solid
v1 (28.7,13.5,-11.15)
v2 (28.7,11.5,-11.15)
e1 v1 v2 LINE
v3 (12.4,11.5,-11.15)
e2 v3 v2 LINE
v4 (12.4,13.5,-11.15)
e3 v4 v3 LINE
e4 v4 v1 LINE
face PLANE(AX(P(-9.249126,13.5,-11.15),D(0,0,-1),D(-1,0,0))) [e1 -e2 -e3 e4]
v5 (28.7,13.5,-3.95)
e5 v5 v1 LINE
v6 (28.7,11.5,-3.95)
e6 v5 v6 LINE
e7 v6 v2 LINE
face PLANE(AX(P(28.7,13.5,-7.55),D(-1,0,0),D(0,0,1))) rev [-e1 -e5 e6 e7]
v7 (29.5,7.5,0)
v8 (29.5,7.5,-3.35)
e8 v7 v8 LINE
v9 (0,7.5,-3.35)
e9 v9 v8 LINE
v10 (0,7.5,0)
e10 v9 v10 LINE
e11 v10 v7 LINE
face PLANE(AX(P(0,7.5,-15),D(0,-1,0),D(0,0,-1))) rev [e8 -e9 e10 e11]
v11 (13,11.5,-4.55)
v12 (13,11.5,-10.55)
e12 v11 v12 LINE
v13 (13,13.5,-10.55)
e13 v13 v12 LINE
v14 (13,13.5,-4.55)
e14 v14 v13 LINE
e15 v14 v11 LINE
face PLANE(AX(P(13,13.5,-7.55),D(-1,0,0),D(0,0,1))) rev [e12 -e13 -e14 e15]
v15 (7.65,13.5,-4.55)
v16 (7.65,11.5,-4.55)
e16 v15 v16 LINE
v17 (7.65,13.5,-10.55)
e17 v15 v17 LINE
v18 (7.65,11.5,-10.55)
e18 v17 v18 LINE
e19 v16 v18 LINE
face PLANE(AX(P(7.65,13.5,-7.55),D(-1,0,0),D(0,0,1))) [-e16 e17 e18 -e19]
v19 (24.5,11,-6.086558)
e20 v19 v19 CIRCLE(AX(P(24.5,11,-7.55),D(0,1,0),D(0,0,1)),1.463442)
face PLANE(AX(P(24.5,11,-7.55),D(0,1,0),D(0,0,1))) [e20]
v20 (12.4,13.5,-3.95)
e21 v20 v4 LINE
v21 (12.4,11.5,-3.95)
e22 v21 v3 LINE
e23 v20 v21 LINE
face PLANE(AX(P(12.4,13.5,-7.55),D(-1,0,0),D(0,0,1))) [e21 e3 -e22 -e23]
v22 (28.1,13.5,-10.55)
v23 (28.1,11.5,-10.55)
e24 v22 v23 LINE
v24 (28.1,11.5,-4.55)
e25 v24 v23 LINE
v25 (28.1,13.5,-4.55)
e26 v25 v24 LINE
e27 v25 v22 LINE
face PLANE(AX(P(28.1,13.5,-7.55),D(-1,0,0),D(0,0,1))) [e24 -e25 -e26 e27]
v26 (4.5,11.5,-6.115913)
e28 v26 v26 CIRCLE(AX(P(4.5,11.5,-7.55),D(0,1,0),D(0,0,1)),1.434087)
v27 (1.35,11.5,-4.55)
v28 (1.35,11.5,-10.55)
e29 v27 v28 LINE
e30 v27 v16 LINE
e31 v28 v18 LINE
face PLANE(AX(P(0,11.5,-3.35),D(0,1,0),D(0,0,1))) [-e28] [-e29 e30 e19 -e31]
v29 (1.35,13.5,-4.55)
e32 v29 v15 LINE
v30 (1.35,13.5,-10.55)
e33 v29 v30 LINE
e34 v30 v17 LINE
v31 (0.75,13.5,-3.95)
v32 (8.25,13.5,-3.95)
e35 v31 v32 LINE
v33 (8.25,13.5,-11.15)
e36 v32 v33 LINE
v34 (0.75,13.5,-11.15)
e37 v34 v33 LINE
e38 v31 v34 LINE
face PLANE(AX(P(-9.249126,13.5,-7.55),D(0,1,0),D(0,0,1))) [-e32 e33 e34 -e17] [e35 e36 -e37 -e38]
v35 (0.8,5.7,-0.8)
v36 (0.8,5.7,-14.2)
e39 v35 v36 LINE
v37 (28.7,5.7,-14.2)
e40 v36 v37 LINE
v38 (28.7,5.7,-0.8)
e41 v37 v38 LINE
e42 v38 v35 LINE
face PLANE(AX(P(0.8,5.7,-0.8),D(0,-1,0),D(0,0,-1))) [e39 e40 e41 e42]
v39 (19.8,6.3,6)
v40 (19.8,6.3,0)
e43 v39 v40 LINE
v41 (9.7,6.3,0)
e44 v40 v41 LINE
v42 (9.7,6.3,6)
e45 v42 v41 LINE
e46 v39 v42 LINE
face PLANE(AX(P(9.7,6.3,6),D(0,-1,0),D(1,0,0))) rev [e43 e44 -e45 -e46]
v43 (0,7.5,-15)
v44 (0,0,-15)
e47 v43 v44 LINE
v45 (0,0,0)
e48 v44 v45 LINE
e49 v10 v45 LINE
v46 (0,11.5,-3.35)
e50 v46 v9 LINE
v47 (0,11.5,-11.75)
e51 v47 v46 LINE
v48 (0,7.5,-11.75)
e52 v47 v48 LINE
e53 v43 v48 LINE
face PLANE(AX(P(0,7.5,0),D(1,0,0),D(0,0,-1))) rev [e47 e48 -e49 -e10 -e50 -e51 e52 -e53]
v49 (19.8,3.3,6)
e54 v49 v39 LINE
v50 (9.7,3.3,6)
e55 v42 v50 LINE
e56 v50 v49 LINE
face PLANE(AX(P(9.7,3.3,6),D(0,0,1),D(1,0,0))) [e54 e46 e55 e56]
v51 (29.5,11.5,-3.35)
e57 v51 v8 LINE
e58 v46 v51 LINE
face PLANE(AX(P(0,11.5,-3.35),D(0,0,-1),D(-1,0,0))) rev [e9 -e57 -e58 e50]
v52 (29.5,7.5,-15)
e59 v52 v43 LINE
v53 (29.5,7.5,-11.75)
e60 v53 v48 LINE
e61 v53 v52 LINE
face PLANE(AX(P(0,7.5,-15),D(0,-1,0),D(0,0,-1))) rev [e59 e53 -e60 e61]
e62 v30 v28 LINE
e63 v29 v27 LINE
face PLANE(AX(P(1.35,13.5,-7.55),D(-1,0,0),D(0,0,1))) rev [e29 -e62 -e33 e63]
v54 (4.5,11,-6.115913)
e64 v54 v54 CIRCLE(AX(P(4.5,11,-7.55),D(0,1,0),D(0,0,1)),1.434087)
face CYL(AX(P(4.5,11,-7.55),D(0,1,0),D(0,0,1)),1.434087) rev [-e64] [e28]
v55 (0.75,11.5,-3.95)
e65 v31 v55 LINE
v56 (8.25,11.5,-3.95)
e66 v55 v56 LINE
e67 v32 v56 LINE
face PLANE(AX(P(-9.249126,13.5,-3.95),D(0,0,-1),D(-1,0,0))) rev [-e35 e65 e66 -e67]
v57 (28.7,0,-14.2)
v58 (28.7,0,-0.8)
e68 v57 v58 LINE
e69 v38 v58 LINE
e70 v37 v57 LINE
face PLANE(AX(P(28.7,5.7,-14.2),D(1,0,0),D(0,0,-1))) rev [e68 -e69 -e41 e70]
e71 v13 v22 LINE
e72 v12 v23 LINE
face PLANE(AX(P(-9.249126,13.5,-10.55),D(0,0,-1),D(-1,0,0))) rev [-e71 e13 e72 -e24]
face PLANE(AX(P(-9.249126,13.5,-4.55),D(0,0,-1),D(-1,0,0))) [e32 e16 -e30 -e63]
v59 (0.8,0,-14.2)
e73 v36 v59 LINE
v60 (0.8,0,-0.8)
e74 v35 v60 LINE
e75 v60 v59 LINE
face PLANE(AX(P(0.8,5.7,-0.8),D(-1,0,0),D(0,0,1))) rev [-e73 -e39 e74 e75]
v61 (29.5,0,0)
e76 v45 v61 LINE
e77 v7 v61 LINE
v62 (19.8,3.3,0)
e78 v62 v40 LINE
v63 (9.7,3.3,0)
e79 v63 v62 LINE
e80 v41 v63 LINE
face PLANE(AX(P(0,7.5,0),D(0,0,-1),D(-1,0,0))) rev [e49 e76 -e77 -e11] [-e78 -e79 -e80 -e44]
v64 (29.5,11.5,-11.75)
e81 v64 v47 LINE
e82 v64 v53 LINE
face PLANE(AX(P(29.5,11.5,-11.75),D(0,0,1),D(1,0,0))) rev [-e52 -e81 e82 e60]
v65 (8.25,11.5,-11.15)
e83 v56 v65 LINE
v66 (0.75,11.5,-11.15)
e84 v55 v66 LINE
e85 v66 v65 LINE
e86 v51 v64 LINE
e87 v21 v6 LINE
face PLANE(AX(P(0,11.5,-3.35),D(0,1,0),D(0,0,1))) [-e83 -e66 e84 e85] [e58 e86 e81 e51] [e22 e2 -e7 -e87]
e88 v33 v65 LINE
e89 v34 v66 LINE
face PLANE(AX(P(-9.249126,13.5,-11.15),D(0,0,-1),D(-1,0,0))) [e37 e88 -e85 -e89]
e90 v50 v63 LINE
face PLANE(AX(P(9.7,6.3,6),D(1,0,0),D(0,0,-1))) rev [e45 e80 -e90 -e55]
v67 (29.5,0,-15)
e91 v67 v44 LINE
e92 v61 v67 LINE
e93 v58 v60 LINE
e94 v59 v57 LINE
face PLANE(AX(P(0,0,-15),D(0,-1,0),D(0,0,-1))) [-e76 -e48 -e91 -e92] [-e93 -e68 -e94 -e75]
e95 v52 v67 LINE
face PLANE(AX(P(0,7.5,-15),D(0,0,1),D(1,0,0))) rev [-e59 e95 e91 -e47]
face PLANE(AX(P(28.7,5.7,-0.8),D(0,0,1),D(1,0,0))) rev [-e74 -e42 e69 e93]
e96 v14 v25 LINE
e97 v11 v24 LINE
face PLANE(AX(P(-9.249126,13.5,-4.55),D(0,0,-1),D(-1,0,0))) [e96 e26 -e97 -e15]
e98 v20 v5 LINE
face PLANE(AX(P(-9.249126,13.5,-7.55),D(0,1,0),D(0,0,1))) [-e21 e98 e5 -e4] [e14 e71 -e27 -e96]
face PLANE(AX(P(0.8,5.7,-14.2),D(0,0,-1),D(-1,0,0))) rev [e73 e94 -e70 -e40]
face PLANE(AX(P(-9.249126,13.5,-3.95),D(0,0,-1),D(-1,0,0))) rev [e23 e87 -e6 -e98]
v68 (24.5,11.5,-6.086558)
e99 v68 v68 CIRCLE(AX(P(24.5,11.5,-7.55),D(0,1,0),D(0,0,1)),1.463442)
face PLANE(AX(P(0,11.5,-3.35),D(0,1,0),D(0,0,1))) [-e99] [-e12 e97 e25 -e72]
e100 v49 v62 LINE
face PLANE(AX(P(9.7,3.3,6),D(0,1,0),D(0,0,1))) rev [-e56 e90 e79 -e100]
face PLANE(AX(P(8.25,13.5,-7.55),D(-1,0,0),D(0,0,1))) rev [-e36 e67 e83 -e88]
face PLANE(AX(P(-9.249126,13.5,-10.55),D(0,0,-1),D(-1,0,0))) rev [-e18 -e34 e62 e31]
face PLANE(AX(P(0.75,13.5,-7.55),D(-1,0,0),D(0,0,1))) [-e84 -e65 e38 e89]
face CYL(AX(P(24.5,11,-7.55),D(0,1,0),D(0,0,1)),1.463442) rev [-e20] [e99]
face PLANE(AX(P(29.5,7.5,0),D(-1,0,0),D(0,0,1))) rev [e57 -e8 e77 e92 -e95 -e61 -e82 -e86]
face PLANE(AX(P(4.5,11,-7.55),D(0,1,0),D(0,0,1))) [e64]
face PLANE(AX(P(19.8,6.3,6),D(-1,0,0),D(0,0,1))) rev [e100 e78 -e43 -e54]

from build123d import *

# Parameters (mm, degrees)
SKIZZE2_W                       = 29.5
SKIZZE2_H                       = 15
AUFSATZ_LINEAR_AUSTRAGEN1_DEPTH = 7.5
SKIZZE4_W                       = 27.9
SKIZZE4_H                       = 13.4
SCHNITT_LINEAR_AUSTRAGEN1_DEPTH = 5.7
SKIZZE5_W                       = 29.5
SKIZZE5_H                       = 8.4
AUFSATZ_LINEAR_AUSTRAGEN2_DEPTH = 4
SKIZZE7_W                       = 7.5
SKIZZE7_H                       = 7.2
SKIZZE7_W_2                     = 6.3
SKIZZE7_H_2                     = 6
SKIZZE7_W_3                     = 16.3
SKIZZE7_W_4                     = 15.1
AUFSATZ_LINEAR_AUSTRAGEN3_DEPTH = 2
SKIZZE8_R                       = 1.434086585
SKIZZE8_R_2                     = 1.463442441
SCHNITT_LINEAR_AUSTRAGEN2_DEPTH = 0.5
SKIZZE9_W                       = 10.1
SKIZZE9_H                       = 3
AUFSATZ_LINEAR_AUSTRAGEN4_DEPTH = 6


with BuildPart() as part:
    # Skizze2 → Aufsatz-Linear austragen1 (new body)
    with BuildSketch(Plane(origin=(0, 0, 0), x_dir=(1, 0, 0), z_dir=(0, 1, 0))):
        with Locations((14.75, 7.5)):
            Rectangle(SKIZZE2_W, SKIZZE2_H)
    extrude(amount=AUFSATZ_LINEAR_AUSTRAGEN1_DEPTH)

    # Skizze4 → Schnitt-Linear austragen1 (cut)
    with BuildSketch(Plane.XZ):
        with Locations((14.75, -7.5)):
            Rectangle(SKIZZE4_W, SKIZZE4_H)
    extrude(amount=-SCHNITT_LINEAR_AUSTRAGEN1_DEPTH, mode=Mode.SUBTRACT)

    # Skizze5 → Aufsatz-Linear austragen2 (add)
    with BuildSketch(Plane(origin=(0, 7.5, 0), x_dir=(1, 0, 0), z_dir=(0, 1, 0))):
        with Locations((14.75, 7.55)):
            Rectangle(SKIZZE5_W, SKIZZE5_H)
    extrude(amount=AUFSATZ_LINEAR_AUSTRAGEN2_DEPTH)

    # Skizze7 → Aufsatz-Linear austragen3 (add)
    with BuildSketch(Plane(origin=(0, 11.5, 0), x_dir=(1, 0, 0), z_dir=(0, 1, 0))):
        with Locations((4.5, 7.55)):
            Rectangle(SKIZZE7_W, SKIZZE7_H)
        with Locations((4.5, 7.55)):
            Rectangle(SKIZZE7_W_2, SKIZZE7_H_2, mode=Mode.SUBTRACT)
        with Locations((20.55, 7.55)):
            Rectangle(SKIZZE7_W_3, SKIZZE7_H)
        with Locations((20.55, 7.55)):
            Rectangle(SKIZZE7_W_4, SKIZZE7_H_2, mode=Mode.SUBTRACT)
    extrude(amount=AUFSATZ_LINEAR_AUSTRAGEN3_DEPTH)

    # Skizze8 → Schnitt-Linear austragen2 (cut)
    with BuildSketch(Plane(origin=(0, 11.5, 0), x_dir=(-1, 0, 0), z_dir=(0, 1, 0))):
        with Locations((-4.5, -7.55)):
            Circle(SKIZZE8_R)
        with Locations((-24.5, -7.55)):
            Circle(SKIZZE8_R_2)
    extrude(amount=-SCHNITT_LINEAR_AUSTRAGEN2_DEPTH, mode=Mode.SUBTRACT)

    # Skizze9 → Aufsatz-Linear austragen4 (add)
    with BuildSketch(Plane.XY):
        with Locations((14.75, 4.8)):
            Rectangle(SKIZZE9_W, SKIZZE9_H)
    extrude(amount=AUFSATZ_LINEAR_AUSTRAGEN4_DEPTH)


solid = part.part
